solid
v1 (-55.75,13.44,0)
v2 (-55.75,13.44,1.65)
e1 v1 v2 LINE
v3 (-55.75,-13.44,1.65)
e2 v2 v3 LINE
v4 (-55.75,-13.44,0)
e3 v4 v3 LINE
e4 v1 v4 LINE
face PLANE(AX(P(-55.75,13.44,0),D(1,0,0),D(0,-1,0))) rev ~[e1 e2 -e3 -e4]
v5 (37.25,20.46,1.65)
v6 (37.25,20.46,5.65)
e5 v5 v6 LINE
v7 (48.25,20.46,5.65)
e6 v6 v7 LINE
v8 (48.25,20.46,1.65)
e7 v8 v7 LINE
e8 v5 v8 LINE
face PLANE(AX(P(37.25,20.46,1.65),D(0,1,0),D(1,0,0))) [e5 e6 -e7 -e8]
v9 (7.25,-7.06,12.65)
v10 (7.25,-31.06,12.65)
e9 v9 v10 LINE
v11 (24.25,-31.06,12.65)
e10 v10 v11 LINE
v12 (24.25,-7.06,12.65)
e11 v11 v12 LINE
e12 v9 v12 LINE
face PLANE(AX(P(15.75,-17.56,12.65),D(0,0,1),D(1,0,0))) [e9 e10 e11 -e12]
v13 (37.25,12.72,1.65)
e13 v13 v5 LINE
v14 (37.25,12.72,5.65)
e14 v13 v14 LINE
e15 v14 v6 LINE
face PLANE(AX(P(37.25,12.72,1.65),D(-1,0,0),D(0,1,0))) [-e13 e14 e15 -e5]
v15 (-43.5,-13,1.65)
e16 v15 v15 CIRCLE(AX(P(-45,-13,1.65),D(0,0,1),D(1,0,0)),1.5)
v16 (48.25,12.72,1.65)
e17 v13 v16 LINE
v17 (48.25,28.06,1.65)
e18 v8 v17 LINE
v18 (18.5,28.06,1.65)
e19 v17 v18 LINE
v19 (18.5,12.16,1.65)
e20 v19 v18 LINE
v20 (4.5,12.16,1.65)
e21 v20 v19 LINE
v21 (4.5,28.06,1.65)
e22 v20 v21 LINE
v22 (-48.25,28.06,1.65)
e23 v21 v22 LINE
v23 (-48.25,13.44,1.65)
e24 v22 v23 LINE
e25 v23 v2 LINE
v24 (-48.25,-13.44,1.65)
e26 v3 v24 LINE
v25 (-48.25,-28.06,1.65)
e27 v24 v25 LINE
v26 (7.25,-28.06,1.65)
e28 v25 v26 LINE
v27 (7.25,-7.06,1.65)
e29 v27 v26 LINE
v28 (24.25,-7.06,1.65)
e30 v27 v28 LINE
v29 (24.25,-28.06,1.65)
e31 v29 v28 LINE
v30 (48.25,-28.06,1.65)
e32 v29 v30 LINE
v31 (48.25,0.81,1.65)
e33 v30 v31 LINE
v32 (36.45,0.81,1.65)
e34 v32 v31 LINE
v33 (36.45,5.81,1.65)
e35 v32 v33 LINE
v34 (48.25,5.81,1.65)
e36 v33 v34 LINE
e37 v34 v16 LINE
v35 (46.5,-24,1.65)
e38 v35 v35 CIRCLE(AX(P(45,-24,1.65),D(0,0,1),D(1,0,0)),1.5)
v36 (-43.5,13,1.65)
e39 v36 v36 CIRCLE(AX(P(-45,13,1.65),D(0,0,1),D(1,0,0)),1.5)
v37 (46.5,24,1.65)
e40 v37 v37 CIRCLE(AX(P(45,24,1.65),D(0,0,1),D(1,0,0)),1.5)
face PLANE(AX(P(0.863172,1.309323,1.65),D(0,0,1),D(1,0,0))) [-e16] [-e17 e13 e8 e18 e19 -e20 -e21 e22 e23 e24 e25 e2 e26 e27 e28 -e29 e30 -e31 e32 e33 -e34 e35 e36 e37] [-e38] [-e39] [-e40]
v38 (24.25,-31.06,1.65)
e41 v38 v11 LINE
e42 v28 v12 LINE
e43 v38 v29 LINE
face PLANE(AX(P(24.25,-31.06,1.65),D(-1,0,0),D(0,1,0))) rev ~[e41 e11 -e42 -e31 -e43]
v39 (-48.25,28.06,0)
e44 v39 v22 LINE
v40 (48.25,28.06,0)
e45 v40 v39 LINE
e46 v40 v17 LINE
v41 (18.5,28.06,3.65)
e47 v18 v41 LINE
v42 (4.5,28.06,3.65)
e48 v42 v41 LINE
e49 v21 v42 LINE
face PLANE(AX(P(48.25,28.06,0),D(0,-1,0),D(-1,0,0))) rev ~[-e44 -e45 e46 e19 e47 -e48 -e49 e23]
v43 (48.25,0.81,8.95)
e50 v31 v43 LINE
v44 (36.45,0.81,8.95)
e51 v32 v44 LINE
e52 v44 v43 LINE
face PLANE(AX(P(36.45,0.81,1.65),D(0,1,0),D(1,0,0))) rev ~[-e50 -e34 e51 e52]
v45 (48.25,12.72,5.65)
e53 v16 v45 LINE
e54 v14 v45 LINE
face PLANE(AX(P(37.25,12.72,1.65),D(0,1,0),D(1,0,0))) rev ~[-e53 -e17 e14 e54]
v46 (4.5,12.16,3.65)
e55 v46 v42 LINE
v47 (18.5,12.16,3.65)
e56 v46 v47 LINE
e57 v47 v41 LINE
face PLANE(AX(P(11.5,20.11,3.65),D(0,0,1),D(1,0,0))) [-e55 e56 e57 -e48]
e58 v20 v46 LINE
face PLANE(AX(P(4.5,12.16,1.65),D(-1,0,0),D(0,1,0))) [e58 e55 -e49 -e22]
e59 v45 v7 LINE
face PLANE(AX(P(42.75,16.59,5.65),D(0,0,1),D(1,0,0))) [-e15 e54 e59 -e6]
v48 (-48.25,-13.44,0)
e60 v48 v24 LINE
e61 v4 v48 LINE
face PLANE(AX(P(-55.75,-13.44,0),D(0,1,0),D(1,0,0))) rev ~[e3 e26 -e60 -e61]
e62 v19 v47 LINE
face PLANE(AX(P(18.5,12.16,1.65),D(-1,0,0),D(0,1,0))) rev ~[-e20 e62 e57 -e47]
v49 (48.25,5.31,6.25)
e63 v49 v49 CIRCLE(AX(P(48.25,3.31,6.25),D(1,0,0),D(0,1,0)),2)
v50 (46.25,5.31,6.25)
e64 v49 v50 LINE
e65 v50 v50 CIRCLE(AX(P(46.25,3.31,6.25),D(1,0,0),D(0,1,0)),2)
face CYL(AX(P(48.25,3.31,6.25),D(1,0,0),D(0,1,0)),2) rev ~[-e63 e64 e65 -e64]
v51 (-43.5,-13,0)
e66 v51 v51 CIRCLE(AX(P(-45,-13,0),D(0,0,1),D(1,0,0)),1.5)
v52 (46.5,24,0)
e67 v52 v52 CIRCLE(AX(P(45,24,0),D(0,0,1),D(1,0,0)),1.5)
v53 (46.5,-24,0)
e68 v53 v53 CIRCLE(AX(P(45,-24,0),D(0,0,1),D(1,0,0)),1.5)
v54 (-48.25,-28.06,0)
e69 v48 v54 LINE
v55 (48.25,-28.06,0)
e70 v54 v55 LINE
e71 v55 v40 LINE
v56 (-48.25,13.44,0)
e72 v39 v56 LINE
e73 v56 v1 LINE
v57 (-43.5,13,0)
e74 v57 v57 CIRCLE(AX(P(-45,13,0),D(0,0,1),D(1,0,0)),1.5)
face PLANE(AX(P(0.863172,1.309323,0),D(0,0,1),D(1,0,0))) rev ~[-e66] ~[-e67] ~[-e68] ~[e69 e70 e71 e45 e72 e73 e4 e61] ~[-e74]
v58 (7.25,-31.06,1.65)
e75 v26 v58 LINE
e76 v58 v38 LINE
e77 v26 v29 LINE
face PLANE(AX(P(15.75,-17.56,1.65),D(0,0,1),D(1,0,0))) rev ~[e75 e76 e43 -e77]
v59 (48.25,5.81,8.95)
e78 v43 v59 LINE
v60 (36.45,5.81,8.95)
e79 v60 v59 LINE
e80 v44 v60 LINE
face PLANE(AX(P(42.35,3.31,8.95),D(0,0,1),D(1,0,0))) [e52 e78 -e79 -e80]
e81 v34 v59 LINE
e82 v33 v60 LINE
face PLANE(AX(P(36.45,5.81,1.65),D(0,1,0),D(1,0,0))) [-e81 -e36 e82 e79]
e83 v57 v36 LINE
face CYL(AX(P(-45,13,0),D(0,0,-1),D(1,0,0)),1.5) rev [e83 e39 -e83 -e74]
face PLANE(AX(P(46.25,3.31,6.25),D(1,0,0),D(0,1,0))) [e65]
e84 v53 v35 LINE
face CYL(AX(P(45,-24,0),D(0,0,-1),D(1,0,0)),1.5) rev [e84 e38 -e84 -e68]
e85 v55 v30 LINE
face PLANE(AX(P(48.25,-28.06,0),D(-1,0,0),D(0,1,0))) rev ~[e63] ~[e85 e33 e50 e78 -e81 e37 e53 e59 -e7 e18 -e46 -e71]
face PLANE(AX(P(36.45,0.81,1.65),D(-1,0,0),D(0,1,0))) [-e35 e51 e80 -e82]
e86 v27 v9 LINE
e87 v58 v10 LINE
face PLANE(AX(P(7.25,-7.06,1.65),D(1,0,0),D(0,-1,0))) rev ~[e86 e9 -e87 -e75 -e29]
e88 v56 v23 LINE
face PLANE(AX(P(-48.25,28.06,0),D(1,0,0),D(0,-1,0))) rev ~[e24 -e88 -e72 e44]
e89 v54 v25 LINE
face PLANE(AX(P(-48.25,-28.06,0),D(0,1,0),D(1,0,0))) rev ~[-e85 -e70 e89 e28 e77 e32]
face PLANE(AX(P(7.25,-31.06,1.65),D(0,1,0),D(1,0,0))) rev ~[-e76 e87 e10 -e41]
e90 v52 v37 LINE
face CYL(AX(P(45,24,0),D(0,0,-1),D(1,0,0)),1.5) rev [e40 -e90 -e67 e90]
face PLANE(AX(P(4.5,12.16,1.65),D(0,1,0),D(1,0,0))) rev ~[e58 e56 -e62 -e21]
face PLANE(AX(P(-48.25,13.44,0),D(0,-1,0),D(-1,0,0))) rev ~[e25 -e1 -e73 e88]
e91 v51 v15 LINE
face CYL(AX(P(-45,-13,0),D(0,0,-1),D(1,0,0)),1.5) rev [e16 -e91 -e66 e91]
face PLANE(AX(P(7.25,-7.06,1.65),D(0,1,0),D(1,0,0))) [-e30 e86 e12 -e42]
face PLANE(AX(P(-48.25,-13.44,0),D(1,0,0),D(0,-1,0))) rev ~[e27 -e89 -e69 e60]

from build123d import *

# Parameters (mm, degrees)
F0_R     = 1.5
F0_W     = 14.2
F0_H     = 15.9
F0_W_2   = 11.8
F0_H_2   = 5
F1_DEPTH = 1.65
F2_W     = 14
F2_H     = 15.9
F3_DEPTH = 2
F2_W_2   = 11
F2_H_2   = 7.74
F4_DEPTH = 4
F2_W_3   = 17
F2_H_3   = 21
F2_H_4   = 3
F5_DEPTH = 11
F6_W     = 11.8
F6_H     = 5
F7_DEPTH = 7.3
F8_R     = 2
F9_DEPTH = 2


with BuildPart() as f1:
    # F0 (on Top) → F1 (new body)
    with BuildSketch(Plane.XY):
        Polygon((4.39, 28.06), (-48.25, 28.06), (-48.25, 13.44), (-55.75, 13.44), (-55.75, 0), (-55.75, -13.44), (-48.25, -13.44), (-48.25, -28.06), (48.25, -28.06), (48.25, 0), (48.25, 0.81), (36.45, 0.81), (36.45, 5.81), (48.25, 5.81), (48.25, 28.06), (18.59, 28.06), (18.59, 12.16), (4.39, 12.16), align=None)
        with Locations((-45, -13)):
            Circle(F0_R, mode=Mode.SUBTRACT)
        with Locations((45, -24)):
            Circle(F0_R, mode=Mode.SUBTRACT)
        with Locations((-45, 13)):
            Circle(F0_R, mode=Mode.SUBTRACT)
        with Locations((45, 24)):
            Circle(F0_R, mode=Mode.SUBTRACT)
        with Locations((11.49, 20.11)):
            Rectangle(F0_W, F0_H)
        with Locations((42.35, 3.31)):
            Rectangle(F0_W_2, F0_H_2)
    extrude(amount=F1_DEPTH)

    # F2 (on face) → F3 (join)
    with BuildSketch(Plane.XY.offset(1.65)):
        with Locations((11.5, 20.11)):
            Rectangle(F2_W, F2_H)
    extrude(amount=F3_DEPTH)

    # F2 (on face) → F4 (join)
    with BuildSketch(Plane.XY.offset(1.65)):
        with Locations((42.75, 16.59)):
            Rectangle(F2_W_2, F2_H_2)
    extrude(amount=F4_DEPTH)

    # F2 (on face) → F5 (join)
    with BuildSketch(Plane.XY.offset(1.65)):
        with Locations((15.75, -17.56)):
            Rectangle(F2_W_3, F2_H_3)
        with Locations((15.75, -29.56)):
            Rectangle(F2_W_3, F2_H_4)
    extrude(amount=F5_DEPTH)

    # F6 (on face) → F7 (join)
    with BuildSketch(Plane.XY.offset(1.65)):
        with Locations((42.35, 3.31)):
            Rectangle(F6_W, F6_H)
    extrude(amount=F7_DEPTH)

    # F8 (on face) → F9 (cut)
    with BuildSketch(Plane.YZ.offset(48.25)):
        with Locations((3.31, 6.25)):
            Circle(F8_R)
    extrude(amount=-F9_DEPTH, mode=Mode.SUBTRACT)


solid = f1.part
